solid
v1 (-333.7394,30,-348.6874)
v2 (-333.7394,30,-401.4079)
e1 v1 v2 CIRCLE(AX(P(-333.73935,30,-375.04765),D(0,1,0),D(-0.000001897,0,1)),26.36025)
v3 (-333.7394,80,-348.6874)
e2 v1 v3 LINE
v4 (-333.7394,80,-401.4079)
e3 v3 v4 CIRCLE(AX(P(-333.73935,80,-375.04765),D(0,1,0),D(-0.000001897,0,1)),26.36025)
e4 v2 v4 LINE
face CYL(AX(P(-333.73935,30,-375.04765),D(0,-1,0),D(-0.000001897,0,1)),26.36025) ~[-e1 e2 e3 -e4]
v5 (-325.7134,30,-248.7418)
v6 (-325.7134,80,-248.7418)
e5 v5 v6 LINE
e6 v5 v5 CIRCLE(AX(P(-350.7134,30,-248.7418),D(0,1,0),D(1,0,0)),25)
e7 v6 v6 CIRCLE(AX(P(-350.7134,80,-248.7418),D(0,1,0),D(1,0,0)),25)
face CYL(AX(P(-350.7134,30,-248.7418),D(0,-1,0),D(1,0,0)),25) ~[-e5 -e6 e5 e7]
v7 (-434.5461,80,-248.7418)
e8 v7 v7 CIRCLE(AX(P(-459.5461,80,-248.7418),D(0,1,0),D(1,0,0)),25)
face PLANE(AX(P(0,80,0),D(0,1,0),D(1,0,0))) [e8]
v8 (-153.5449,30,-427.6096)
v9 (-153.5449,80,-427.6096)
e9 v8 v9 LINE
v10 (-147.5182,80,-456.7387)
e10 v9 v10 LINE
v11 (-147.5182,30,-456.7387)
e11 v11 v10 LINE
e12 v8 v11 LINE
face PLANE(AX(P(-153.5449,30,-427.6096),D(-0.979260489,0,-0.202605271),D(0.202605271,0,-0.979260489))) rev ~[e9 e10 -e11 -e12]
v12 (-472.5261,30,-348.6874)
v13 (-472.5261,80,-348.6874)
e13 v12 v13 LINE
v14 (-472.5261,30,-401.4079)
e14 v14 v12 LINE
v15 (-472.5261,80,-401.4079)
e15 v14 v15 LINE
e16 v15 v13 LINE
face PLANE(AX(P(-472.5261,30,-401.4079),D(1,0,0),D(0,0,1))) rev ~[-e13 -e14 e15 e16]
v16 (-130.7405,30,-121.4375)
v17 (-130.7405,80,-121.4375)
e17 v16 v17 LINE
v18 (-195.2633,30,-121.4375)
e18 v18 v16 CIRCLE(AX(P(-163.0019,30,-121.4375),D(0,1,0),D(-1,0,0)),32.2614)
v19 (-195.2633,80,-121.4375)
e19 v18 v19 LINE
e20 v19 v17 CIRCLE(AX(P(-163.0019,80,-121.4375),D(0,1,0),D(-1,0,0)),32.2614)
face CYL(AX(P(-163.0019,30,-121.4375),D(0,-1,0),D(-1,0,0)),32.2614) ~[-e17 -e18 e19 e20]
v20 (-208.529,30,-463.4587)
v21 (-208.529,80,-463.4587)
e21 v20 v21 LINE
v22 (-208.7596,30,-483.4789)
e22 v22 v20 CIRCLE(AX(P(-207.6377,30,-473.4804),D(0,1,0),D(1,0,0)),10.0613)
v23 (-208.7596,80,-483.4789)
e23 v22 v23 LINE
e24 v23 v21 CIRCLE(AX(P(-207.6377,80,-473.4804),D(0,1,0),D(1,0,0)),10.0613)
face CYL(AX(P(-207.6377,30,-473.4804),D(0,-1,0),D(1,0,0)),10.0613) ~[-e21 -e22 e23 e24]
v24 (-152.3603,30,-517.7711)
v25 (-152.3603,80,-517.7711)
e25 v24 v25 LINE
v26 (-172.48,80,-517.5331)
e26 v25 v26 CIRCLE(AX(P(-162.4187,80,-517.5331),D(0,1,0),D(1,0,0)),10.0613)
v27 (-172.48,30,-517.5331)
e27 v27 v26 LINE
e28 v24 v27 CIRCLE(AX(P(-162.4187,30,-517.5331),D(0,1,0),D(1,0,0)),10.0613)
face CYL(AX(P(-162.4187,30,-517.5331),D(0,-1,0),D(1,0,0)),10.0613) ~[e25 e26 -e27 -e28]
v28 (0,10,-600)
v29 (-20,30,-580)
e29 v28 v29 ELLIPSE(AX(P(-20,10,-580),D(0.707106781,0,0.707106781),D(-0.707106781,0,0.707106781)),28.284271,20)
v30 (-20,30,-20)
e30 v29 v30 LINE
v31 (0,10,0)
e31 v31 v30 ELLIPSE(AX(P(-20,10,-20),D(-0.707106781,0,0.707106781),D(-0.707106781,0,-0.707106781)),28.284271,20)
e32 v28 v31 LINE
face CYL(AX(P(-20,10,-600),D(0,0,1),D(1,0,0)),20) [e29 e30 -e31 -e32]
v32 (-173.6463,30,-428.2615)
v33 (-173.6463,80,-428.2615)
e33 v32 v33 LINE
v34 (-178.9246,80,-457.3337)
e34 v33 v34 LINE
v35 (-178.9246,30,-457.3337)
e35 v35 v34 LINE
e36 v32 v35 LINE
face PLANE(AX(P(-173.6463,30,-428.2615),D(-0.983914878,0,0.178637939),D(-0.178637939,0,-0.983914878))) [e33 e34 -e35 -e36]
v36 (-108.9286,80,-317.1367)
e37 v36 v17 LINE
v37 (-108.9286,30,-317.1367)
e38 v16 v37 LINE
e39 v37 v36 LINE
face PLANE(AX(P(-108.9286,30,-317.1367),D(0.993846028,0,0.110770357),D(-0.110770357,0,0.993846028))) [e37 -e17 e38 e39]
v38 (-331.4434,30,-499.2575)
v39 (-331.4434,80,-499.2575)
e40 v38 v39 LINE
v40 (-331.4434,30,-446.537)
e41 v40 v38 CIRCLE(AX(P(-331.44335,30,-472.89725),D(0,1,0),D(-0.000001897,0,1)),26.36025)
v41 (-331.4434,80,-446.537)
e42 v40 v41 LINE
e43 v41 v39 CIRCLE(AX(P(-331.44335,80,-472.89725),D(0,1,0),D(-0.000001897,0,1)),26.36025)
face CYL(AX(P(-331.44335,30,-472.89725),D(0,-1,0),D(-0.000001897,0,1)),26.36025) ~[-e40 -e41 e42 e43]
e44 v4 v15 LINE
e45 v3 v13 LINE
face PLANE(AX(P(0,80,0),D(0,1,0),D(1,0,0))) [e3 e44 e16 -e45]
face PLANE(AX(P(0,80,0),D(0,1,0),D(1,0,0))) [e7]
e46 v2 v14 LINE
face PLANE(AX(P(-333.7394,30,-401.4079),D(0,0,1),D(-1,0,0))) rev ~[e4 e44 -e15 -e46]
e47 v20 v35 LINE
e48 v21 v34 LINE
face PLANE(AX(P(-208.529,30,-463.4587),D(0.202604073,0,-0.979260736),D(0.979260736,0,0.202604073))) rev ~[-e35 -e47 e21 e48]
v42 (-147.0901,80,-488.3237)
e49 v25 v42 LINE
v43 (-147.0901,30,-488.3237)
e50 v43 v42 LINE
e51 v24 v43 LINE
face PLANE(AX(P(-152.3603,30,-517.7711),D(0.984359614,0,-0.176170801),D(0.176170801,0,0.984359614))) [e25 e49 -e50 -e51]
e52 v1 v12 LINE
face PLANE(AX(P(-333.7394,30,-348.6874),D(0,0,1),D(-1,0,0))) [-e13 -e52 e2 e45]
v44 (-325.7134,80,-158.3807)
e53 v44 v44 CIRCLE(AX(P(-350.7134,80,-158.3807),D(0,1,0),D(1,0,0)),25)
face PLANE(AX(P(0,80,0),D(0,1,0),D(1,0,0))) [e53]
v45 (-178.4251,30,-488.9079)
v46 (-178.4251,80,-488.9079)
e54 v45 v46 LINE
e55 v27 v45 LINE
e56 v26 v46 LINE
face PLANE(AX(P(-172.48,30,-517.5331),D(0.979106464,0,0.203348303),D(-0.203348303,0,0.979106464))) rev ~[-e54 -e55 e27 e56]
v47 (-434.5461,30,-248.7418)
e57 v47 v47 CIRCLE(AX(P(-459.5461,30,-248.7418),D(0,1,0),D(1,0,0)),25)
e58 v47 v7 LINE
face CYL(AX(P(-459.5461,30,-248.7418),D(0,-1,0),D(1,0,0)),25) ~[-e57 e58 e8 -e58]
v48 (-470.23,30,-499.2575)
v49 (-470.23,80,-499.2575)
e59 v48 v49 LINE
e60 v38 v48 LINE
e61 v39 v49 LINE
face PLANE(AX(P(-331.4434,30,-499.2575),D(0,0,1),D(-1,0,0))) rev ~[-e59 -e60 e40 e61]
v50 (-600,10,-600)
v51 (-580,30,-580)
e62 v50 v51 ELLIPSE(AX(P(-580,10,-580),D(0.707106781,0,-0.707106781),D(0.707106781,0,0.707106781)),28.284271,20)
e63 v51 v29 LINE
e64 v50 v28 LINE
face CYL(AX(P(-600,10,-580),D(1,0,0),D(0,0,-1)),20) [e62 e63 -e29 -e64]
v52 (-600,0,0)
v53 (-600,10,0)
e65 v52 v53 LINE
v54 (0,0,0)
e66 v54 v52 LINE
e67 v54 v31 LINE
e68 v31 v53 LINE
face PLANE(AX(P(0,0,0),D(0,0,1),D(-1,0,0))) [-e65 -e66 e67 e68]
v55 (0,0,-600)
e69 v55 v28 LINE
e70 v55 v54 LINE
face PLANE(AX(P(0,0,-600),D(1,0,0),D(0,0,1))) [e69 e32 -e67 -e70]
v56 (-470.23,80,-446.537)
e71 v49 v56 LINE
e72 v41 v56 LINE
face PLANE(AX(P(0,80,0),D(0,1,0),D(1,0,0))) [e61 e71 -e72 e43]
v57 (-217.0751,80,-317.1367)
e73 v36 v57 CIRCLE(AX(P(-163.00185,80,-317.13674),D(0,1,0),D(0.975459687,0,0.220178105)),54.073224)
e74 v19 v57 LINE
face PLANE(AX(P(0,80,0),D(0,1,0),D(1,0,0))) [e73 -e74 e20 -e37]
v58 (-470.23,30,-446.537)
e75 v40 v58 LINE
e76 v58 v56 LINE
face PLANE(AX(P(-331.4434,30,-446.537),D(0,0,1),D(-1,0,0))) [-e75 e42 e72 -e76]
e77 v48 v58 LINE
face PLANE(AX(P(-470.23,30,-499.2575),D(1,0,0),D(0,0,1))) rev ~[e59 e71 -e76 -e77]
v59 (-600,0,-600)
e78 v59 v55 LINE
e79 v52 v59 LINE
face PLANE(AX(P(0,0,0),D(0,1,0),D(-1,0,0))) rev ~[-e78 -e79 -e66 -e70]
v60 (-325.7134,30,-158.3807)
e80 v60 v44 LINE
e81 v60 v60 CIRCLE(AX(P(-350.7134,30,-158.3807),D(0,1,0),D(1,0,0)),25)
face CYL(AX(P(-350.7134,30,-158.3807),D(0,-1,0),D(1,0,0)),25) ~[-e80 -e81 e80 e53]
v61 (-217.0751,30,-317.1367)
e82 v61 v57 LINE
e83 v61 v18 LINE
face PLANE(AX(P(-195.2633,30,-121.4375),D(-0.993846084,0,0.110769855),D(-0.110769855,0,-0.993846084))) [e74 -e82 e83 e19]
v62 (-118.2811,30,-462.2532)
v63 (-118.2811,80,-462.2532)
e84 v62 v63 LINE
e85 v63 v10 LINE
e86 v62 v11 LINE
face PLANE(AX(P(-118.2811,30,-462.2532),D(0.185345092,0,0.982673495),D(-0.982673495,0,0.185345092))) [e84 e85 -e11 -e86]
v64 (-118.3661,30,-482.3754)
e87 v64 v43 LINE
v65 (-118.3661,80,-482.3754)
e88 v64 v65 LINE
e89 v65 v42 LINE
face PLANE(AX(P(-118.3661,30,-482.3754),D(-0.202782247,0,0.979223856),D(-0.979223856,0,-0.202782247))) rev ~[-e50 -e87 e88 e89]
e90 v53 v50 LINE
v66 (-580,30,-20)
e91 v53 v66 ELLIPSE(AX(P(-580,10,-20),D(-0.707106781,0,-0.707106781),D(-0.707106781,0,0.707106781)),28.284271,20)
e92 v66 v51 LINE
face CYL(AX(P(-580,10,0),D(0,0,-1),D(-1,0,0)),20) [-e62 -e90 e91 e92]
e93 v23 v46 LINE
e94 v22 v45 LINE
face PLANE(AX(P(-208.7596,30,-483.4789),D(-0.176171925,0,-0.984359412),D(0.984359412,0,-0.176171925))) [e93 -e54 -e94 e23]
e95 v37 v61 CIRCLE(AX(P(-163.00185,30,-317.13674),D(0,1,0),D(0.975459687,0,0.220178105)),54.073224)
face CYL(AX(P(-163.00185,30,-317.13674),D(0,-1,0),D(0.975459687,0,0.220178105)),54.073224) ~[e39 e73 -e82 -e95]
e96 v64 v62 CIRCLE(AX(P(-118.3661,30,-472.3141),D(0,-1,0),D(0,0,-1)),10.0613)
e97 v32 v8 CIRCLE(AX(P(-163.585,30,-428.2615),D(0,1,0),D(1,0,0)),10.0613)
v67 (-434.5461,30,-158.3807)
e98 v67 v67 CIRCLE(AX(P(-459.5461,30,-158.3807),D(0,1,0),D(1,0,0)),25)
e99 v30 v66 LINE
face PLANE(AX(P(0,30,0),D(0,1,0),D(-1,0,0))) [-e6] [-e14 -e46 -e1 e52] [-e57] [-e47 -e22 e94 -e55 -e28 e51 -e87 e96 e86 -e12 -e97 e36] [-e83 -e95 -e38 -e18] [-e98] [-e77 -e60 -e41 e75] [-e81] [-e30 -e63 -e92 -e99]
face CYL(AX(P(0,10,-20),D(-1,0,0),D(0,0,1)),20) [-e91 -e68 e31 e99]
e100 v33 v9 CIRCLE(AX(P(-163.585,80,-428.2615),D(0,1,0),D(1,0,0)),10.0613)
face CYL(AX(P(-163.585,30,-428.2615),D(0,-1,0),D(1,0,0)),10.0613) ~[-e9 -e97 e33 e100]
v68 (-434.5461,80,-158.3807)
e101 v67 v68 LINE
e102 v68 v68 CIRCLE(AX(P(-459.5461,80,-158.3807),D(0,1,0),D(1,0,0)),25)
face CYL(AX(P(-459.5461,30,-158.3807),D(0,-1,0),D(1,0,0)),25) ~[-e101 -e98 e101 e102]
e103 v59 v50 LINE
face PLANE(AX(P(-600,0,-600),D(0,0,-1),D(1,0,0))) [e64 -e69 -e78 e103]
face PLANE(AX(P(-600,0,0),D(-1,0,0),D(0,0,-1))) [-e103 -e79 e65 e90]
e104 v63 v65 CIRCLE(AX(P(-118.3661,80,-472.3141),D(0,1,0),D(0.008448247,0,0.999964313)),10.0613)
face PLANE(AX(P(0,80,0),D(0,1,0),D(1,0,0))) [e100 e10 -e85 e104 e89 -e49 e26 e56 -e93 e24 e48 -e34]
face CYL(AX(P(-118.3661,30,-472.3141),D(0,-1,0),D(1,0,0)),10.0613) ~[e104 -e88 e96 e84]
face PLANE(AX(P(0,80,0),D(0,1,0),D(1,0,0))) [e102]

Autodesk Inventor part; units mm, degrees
ref_plane "YZ Plane" through (0, 0, 0) normal (1, 0, 0) x (0, 1, 0)
ref_plane "XZ Plane" through (0, 0, 0) normal (0, 1, 0) x (-1, 0, 0)
ref_plane "XY Plane" through (0, 0, 0) normal (0, 0, 1) x (1, 0, 0)
sketch "Boceto1" plane through (0, 0, 0) normal (0, 1, 0) x (-1, 0, 0)
  line L0 (0, 0) -> (600, 0)
  line L1 (600, 0) -> (600, -600)
  line L2 (600, -600) -> (0, -600)
  line L3 (0, -600) -> (0, 0)
  dimension "d0" = 600
  dimension "d1" = 600
extrude "Extrusión1" add sketch "Boceto1" along normal blind 30
fillet "Empalme1" radius 20 4 edges at (-300, 30, 0) (0, 30, -300) (-300, 30, -600) (-600, 30, -300)
sketch "Boceto2" plane through (0, 30, 0) normal (0, 1, 0) x (1, 0, 0)
  circle A0 centre (-350.7134, 158.3807) radius 25
  circle A1 centre (-459.5461, 158.3807) radius 25
  circle A2 centre (-350.7134, 248.7418) radius 25
  circle A3 centre (-459.5461, 248.7418) radius 25
  arc A4 (-195.2633, 121.4375) -> (-130.7405, 121.4375) centre (-163.0019, 121.4375) ccw
  arc A5 (-110.2556, 305.231) -> (-215.7481, 305.231) centre (-163.0019, 317.1367) ccw
  line L0 (-108.9286, 317.1367) -> (-130.7405, 121.4375)
  line L1 (-195.2633, 121.4375) -> (-217.0751, 317.1367)
  arc A6 (-333.7394, 348.6874) -> (-333.7394, 401.4079) centre (-333.7394, 375.0477) ccw
  line L2 (-333.7394, 348.6874) -> (-472.5261, 348.6874)
  line L3 (-333.7394, 401.4079) -> (-472.5261, 401.4079)
  line L4 (-472.5261, 401.4079) -> (-472.5261, 348.6874)
  arc A7 (-331.4434, 446.537) -> (-331.4434, 499.2575) centre (-331.4434, 472.8973) ccw
  line L5 (-331.4434, 446.537) -> (-470.23, 446.537)
  line L6 (-331.4434, 499.2575) -> (-470.23, 499.2575)
  line L7 (-470.23, 499.2575) -> (-470.23, 446.537)
  circle A8 centre (-163.585, 428.2615) radius 10.0613
  circle A9 centre (-118.3661, 472.3141) radius 10.0613
  circle A10 centre (-162.4187, 517.5331) radius 10.0613
  circle A11 centre (-207.6377, 473.4804) radius 10.0613
  line L8 (-118.2811, 462.2532) -> (-147.5182, 456.7387)
  line L9 (-118.3661, 482.3754) -> (-147.0901, 488.3237)
  line L10 (-152.3603, 517.7711) -> (-147.0901, 488.3237)
  line L11 (-172.48, 517.5331) -> (-178.4251, 488.9079)
  line L12 (-208.7596, 483.4789) -> (-178.4251, 488.9079)
  line L13 (-173.6463, 428.2615) -> (-178.9246, 457.3337)
  line L14 (-208.529, 463.4587) -> (-178.9246, 457.3337)
  line L15 (-153.5449, 427.6096) -> (-147.5182, 456.7387)
  point P0 (0, 0)
  point P1 (-163.0019, 472.8973)
  point P2 (-163.0019, 472.8973)
  point P3 (-163.0019, 472.8973)
  point P4 (-163.0019, 472.8973)
  dimension "d5" = 50
  dimension "d6" = 50
  dimension "d7" = 50
  dimension "d8" = 50
  dimension "d11" = 360
extrude "Extrusión2" add sketch "Boceto2" along normal blind 50 contours A0 | A1 | A2 | A3 | L1 A5 L0 A4 | L2 L4 L3 A6 | L5 L7 L6 A7 | A8 | A8 L13 L14 A11 L12 L11 A10 L10 L9 A9 L8 L15 | A11 | A9 | A10
properties part number "Lamina"
